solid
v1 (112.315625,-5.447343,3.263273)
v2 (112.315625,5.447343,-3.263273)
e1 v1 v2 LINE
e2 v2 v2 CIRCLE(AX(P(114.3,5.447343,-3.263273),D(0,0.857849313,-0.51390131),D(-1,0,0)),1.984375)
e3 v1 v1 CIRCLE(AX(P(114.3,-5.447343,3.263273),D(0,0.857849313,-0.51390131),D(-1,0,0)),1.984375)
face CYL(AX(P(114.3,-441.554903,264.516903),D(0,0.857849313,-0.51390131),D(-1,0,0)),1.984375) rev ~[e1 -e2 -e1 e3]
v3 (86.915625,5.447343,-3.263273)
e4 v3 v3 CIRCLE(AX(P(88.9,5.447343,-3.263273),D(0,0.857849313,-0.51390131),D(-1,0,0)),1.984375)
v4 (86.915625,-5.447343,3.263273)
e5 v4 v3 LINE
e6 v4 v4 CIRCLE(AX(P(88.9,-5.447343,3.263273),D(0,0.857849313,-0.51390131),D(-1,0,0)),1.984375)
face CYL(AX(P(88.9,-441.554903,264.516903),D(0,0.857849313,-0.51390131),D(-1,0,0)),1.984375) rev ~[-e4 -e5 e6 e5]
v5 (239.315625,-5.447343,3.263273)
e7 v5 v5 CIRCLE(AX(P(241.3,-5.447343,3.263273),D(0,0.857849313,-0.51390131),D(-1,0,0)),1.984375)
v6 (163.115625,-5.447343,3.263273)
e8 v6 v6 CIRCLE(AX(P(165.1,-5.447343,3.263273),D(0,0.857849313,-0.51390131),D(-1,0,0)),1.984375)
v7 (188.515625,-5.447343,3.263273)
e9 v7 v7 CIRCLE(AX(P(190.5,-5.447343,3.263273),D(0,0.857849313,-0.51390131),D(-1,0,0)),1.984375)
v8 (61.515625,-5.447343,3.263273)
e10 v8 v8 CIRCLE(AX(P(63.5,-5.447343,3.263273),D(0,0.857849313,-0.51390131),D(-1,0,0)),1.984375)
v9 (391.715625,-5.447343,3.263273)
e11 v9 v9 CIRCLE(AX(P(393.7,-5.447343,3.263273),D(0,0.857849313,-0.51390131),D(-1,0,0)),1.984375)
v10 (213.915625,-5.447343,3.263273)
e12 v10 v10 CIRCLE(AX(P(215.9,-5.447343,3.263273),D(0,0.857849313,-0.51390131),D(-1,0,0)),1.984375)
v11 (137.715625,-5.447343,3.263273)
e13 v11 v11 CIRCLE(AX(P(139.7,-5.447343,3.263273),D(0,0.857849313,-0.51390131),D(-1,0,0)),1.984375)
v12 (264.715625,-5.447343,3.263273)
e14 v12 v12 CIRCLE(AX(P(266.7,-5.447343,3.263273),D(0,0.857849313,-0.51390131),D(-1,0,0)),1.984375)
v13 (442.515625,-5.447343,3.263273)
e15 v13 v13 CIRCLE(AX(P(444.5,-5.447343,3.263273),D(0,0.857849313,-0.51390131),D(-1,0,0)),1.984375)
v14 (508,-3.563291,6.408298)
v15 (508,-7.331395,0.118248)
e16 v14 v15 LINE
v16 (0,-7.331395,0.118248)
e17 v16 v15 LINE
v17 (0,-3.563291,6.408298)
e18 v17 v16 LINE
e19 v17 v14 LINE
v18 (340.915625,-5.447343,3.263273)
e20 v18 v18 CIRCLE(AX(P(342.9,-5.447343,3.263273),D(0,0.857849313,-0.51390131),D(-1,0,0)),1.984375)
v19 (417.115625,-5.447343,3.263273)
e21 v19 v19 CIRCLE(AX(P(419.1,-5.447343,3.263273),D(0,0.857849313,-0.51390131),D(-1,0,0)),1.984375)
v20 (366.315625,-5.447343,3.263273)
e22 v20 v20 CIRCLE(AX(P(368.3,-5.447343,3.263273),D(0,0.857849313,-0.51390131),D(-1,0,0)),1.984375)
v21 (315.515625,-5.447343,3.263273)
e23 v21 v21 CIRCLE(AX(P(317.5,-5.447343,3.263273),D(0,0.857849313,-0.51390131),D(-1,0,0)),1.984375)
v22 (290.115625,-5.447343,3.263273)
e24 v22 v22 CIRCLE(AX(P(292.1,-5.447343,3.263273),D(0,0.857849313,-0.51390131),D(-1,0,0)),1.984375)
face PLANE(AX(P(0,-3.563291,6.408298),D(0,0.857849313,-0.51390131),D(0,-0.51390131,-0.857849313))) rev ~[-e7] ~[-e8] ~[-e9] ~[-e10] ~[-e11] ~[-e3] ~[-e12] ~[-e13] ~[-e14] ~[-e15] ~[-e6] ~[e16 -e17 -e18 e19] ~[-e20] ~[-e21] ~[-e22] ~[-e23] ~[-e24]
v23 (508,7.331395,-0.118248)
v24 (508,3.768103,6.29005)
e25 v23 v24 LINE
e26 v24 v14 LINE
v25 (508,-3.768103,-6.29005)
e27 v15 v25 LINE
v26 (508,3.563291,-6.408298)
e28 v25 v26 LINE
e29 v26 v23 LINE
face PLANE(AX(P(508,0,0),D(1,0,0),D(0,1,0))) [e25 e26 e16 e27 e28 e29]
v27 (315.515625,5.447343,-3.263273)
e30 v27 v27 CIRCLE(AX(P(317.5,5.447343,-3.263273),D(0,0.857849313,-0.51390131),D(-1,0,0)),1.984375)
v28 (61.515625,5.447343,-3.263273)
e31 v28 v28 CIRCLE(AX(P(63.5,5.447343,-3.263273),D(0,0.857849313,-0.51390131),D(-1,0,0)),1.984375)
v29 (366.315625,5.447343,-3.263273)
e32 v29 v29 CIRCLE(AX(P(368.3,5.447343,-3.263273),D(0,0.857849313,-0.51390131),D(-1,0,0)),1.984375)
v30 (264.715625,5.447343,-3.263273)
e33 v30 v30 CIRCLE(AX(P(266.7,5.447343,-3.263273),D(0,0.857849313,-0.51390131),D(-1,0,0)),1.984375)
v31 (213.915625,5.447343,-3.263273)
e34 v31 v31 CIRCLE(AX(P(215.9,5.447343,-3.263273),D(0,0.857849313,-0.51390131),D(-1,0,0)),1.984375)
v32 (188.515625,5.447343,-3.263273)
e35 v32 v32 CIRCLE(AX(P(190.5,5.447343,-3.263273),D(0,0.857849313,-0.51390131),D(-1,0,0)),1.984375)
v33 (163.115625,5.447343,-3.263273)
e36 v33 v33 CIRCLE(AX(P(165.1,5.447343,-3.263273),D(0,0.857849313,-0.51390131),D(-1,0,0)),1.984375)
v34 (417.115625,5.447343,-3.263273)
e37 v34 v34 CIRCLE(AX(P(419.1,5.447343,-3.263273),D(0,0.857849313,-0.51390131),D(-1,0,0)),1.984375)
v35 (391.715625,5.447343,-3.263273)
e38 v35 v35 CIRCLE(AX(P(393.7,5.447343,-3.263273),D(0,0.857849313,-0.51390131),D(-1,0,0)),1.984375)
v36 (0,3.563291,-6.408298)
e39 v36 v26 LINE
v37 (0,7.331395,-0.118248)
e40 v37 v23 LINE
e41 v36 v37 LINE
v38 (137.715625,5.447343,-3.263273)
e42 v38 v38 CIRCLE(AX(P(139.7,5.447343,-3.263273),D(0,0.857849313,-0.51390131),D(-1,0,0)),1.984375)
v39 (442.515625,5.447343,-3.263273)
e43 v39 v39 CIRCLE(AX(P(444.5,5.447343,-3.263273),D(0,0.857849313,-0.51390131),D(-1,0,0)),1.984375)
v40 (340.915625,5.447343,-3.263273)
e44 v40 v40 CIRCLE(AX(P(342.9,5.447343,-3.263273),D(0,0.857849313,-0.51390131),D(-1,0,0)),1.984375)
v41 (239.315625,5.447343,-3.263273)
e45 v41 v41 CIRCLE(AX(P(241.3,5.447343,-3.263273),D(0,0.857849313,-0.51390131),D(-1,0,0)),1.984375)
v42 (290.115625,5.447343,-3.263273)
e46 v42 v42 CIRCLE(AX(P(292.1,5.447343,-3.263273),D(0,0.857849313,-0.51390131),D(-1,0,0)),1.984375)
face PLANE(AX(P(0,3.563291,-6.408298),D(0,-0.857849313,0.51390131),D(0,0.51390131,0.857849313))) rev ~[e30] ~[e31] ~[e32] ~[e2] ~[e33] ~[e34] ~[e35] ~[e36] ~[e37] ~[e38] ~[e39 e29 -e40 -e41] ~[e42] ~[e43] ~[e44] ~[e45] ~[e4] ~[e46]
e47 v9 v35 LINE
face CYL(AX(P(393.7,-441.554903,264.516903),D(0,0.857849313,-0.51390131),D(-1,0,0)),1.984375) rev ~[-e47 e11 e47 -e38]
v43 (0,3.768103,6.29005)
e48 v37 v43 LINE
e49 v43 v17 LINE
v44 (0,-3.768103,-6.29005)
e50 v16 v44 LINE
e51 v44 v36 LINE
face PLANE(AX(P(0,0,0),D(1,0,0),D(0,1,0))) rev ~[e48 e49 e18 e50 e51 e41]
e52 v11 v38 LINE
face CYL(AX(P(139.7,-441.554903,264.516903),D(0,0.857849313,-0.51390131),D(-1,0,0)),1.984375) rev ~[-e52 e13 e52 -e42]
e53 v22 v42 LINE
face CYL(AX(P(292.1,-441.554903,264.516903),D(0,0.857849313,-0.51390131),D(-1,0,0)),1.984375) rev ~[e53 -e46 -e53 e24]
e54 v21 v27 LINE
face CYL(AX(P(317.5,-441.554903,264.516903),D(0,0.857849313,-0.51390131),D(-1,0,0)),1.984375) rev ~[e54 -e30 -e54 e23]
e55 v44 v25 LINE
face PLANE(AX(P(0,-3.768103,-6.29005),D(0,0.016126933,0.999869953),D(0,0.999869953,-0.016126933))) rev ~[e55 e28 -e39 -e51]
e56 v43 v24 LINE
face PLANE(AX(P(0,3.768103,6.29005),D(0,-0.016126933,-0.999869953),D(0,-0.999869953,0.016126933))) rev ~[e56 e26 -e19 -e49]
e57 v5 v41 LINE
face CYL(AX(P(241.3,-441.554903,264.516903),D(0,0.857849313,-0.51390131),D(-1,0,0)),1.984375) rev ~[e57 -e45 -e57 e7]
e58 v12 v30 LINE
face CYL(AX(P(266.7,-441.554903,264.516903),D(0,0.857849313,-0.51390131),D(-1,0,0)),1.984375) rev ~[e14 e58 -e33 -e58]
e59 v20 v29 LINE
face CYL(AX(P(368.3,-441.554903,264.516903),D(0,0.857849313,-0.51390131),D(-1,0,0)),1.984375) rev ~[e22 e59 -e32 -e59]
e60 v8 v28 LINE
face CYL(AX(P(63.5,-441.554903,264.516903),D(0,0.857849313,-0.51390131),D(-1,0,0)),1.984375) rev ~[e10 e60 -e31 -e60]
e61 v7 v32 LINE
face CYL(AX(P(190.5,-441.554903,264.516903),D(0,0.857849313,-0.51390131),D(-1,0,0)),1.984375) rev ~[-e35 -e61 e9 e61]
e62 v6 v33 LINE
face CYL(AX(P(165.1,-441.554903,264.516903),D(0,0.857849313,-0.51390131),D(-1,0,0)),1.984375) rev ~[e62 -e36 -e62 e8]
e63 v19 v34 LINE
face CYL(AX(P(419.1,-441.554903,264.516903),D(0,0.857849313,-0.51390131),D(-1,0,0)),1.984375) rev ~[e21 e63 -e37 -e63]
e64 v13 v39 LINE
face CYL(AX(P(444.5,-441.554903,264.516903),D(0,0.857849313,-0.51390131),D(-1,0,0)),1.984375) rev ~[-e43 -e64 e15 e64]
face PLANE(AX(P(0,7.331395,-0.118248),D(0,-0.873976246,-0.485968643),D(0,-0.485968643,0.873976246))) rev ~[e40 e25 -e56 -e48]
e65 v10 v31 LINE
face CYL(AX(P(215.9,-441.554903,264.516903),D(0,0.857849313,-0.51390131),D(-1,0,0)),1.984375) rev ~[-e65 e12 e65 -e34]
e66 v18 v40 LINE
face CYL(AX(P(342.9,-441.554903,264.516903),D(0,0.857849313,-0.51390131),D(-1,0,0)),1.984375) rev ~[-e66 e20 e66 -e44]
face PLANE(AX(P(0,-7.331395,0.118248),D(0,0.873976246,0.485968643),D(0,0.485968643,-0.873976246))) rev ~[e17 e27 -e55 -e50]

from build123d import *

# Parameters (mm, degrees)
F1_DEPTH = 508
F3_D     = 3.96875


with BuildPart() as f1:
    # F0 (on Right) → F1 (new body)
    with BuildSketch(Plane.YZ):
        Polygon((3.563291408, -6.4082983447), (7.3313948656, -0.118248292), (3.7681034576, 6.2900500528), (-3.563291408, 6.4082983447), (-7.3313948656, 0.118248292), (-3.7681034576, -6.2900500528), align=None)
    extrude(amount=F1_DEPTH)

    # F3 (through all)
    with Locations(Plane(origin=(0, -5.4473431368, 3.2632733184), x_dir=(1, 0, 0), z_dir=(0, -0.8578493129, 0.51390131))):
        with Locations((63.5, 0), (88.9, 0), (114.3, 0), (139.7, 0), (165.1, 0), (190.5, 0), (215.9, 0), (241.3, 0), (266.7, 0), (292.1, 0), (317.5, 0), (342.9, 0), (368.3, 0), (393.7, 0), (419.1, 0), (444.5, 0)):
            Hole(F3_D / 2)


solid = f1.part
